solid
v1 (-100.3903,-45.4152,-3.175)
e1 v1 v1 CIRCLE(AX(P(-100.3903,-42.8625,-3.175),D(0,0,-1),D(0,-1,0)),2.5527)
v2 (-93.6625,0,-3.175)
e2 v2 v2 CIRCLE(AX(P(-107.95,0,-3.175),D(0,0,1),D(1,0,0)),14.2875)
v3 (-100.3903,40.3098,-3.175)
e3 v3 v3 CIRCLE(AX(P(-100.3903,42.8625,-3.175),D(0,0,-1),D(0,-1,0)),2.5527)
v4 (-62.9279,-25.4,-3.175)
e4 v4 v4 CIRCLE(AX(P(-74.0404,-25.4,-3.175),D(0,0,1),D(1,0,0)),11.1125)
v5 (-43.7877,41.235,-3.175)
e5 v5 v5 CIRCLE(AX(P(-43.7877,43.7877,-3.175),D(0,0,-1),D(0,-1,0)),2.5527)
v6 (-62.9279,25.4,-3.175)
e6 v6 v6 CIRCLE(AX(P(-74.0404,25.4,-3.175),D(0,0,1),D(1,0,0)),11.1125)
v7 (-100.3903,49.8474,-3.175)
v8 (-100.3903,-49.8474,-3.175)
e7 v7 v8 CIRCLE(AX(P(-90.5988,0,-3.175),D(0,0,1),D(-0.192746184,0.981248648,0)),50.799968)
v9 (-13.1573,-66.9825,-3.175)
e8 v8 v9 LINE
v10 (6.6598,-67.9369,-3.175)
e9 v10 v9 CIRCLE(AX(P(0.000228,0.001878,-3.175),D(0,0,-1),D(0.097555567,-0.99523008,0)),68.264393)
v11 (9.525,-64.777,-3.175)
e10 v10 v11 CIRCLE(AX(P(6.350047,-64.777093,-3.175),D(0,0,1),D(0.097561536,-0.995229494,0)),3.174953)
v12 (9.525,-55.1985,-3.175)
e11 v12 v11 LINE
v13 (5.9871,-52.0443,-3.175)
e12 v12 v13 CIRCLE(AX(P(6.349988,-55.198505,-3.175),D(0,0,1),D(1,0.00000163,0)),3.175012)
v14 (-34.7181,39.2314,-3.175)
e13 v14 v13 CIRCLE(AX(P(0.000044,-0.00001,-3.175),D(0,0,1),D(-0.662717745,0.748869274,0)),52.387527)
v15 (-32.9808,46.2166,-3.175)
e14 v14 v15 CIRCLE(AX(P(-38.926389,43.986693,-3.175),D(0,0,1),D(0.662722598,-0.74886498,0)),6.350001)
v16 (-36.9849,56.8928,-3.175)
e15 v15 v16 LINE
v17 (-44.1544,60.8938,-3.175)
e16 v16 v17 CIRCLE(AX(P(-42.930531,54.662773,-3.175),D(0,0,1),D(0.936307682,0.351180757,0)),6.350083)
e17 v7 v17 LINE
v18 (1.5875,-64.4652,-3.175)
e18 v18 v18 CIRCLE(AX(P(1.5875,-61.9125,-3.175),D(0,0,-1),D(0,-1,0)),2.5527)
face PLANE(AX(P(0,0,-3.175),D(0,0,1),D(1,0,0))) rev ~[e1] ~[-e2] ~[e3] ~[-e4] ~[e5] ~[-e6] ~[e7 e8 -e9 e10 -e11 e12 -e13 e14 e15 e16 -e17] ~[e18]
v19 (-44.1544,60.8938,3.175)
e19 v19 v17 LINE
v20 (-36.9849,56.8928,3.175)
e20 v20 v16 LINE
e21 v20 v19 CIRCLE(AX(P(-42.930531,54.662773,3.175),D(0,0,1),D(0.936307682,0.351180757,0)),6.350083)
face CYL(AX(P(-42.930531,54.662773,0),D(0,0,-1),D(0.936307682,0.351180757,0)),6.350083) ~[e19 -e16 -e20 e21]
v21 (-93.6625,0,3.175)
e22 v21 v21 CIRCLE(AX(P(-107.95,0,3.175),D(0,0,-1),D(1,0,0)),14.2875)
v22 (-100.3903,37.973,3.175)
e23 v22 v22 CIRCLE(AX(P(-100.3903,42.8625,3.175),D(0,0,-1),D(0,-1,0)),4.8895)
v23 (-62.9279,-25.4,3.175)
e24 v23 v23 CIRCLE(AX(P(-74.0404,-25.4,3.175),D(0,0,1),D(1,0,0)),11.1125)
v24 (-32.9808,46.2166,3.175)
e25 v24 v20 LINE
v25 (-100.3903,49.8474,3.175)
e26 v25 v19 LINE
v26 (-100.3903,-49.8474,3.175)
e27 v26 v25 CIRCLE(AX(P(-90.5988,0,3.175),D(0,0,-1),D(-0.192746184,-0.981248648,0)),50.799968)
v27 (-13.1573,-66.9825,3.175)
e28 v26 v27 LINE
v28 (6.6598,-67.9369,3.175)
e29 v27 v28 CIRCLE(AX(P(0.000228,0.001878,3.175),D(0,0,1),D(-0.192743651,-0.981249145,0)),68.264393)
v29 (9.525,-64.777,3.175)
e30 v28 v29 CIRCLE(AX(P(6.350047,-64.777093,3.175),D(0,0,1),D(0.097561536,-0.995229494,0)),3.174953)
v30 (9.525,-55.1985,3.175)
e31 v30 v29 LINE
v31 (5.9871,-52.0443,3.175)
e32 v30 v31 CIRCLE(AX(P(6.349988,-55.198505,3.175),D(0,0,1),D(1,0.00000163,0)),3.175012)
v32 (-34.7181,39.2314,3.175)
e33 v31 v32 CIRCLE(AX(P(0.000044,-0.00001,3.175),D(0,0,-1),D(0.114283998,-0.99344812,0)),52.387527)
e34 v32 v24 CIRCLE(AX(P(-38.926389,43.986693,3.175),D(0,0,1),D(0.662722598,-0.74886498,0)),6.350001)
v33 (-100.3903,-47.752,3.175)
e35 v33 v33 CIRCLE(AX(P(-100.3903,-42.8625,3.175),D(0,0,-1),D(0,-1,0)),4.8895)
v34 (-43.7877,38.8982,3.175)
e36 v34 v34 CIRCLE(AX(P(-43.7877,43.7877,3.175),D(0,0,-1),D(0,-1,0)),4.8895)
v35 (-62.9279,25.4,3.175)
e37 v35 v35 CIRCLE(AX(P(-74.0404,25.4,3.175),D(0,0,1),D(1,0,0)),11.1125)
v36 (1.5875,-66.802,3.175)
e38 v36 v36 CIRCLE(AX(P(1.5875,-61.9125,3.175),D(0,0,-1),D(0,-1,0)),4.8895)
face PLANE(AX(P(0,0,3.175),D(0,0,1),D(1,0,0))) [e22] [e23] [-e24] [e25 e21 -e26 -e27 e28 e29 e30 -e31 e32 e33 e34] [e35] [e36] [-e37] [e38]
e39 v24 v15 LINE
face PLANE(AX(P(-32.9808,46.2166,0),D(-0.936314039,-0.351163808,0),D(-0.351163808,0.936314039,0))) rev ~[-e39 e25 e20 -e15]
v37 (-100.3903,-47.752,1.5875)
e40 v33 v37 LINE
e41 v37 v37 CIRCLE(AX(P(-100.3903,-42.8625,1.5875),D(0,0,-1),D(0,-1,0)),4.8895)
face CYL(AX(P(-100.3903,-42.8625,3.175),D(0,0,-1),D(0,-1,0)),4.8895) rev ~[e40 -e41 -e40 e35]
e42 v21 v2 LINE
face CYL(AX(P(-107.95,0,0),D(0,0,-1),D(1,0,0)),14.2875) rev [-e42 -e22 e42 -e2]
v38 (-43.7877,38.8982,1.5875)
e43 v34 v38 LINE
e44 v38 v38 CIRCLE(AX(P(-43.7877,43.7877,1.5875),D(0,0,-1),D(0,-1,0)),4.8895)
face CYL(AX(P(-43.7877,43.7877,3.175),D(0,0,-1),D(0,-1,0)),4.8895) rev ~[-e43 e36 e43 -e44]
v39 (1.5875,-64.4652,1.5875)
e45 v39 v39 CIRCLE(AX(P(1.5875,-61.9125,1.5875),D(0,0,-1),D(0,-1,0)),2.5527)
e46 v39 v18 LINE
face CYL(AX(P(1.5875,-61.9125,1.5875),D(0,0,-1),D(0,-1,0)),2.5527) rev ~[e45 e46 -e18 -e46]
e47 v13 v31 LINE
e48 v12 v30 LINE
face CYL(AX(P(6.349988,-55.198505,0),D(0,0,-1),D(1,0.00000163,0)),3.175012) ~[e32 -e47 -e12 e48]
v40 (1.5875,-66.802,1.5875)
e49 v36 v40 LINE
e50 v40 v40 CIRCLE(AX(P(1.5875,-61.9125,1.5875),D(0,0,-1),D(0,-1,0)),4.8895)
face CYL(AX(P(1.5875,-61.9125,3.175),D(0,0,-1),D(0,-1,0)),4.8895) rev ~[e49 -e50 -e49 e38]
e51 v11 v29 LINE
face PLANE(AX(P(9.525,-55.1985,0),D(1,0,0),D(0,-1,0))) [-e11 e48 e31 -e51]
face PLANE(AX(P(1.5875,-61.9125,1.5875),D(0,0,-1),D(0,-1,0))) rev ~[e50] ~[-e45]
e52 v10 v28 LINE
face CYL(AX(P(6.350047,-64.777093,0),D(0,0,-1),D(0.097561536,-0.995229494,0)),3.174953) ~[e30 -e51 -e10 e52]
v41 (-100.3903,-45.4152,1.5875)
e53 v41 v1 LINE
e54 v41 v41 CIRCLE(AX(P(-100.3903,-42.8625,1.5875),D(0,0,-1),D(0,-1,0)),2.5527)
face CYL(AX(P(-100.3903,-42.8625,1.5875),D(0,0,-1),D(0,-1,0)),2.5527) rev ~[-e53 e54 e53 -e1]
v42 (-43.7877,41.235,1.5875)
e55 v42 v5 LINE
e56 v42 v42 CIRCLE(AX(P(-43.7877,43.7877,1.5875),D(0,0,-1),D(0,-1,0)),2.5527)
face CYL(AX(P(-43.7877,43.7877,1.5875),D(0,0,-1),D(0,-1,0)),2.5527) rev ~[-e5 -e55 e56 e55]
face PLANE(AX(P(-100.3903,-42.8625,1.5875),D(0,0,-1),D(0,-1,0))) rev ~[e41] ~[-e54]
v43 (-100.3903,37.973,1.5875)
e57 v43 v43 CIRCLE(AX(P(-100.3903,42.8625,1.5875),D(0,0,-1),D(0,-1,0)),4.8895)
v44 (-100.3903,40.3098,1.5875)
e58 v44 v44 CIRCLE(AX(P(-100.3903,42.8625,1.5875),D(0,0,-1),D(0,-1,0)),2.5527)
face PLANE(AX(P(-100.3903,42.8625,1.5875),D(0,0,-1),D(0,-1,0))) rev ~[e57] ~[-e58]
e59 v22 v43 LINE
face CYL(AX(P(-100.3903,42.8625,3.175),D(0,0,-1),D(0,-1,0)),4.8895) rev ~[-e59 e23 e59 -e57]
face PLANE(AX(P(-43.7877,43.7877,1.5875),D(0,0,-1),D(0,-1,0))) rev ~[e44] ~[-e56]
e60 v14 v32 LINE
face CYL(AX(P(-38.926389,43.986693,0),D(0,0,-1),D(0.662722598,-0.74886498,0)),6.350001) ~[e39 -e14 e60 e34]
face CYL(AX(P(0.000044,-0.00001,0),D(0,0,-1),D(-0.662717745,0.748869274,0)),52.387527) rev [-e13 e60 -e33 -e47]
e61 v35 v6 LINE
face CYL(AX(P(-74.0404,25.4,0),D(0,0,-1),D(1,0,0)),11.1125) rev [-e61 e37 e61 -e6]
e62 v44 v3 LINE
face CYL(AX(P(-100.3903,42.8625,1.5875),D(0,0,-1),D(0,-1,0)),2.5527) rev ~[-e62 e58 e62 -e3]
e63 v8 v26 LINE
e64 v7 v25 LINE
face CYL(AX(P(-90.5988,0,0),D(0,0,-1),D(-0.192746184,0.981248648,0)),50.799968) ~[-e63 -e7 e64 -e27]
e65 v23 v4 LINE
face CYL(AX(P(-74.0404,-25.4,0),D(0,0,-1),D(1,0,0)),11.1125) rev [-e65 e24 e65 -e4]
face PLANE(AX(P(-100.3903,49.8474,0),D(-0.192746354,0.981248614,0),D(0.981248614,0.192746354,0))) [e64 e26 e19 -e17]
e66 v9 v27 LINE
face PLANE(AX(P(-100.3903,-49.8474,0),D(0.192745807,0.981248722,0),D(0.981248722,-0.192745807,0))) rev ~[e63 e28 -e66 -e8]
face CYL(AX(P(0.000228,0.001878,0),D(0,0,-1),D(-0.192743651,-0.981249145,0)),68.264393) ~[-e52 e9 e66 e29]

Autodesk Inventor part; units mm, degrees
ref_plane "YZ Plane" through (0, 0, 0) normal (1, 0, 0) x (0, 1, 0)
ref_plane "XZ Plane" through (0, 0, 0) normal (0, 1, 0) x (-1, 0, 0)
ref_plane "XY Plane" through (0, 0, 0) normal (0, 0, 1) x (1, 0, 0)
sketch "Sketch1" plane through (0, 0, 0) normal (0, 0, 1) x (1, 0, 0)
  circle A0 centre (0, 0) radius 50.8 construction
  arc A1 (-100.3903, 49.8474) -> (-100.3903, -49.8474) centre (-90.5988, 0) ccw
  line L0 (-100.3903, 49.8474) -> (-44.1544, 60.8938)
  line L1 (-100.3903, -49.8474) -> (-13.1573, -66.9825)
  circle A2 centre (-74.0404, 25.4) radius 11.1125
  circle A3 centre (-74.0404, -25.4) radius 11.1125
  line L2 (-179.8386, 0) -> (89.2398, 0) projected
  line L3 (0, -95.9117) -> (0, 94.8458) projected
  line L4 (9.525, -55.1985) -> (9.525, -64.777)
  arc A4 (-13.1573, -66.9825) -> (6.6598, -67.9369) centre (0, 0) ccw
  arc A5 (-34.7181, 39.2314) -> (5.9871, -52.0443) centre (0, 0) ccw
  arc A6 (9.525, -55.1985) -> (5.9871, -52.0443) centre (6.35, -55.1985) ccw
  arc A7 (6.6598, -67.9369) -> (9.525, -64.777) centre (6.35, -64.777) ccw
  circle A8 centre (-107.95, 0) radius 14.2875
  line L5 (-107.95, -14.2875) -> (-107.95, 14.2875) construction
  line L6 (0, 0) -> (-43.7877, 43.7877) construction
  line L7 (-32.9808, 46.2166) -> (-36.9849, 56.8928)
  arc A9 (-36.9849, 56.8928) -> (-44.1544, 60.8938) centre (-42.9305, 54.6628) ccw
  arc A10 (-34.7181, 39.2314) -> (-32.9808, 46.2166) centre (-38.9264, 43.9867) ccw
  point P0 (-38.8745, 61.9309)
  point P1 (9.525, 51.5143)
  point P2 (9.525, 67.5947)
  point P3 (9.525, -51.5143)
  point P4 (9.525, -67.5947)
  point P5 (0, 52.3875)
  point P6 (-31.3803, 41.9491)
  dimension "d0" = 101.6
  dimension "d9" = 22.225
  dimension "d13" = 1.5875
  dimension "d16" = 15.875
  dimension "d28" = 50.8
  dimension "d38" = 28.575
  dimension "d39" = 107.95
  dimension "d40" = 45
  dimension "d41" = 61.9252
  dimension "d51" = 6.35
extrude "Extrusion1" add sketch "Sketch1" along normal mid plane 6.35 contours L0 A9 L7 A10 A5 L2 A8 A1 | L2 A8 A5 L3 A4 L1 A1 | L3 A5 A6 L4 A7 A4
sketch "Sketch2" plane through (0, 0, 3.175) normal (0, 0, 1) x (1, 0, 0)
  line L0 (-171.5836, 0) -> (39.7098, 0) projected
  line L1 (0, -94.2975) -> (0, 87.9475) projected
  point P0 (1.5875, 61.9125)
  point P1 (1.5875, -61.9125)
  dimension "d19" = 1.5875
  dimension "d20" = 61.9125
hole "Hole1" at (1.5875, 61.9125, 3.175) at (1.5875, -61.9125, 3.175) direction (0, 0, -1) diameter 5.1054 end through all counterbore diameter 9.779 counterbore depth 1.5875 clearance for "Flat Head Machine Screw (82)" size "#10" standard "Ansi Unified Screw Threads"
sketch "Sketch3" plane through (0, 0, 3.175) normal (0, 0, 1) x (1, 0, 0)
  line L0 (9.525, 64.777) -> (9.525, 55.1985) projected
  line L1 (-100.3903, -49.8474) -> (-100.3903, 49.8474) construction
  line L2 (-171.5836, 0) -> (39.7098, 0) projected
  line L3 (0, -94.8704) -> (0, 91.3849) projected
  point P0 (-100.3903, 42.8625)
  point P1 (-100.3903, -42.8625)
  dimension "d29" = 42.8625
hole "Hole2" at (-100.3903, 42.8625, 3.175) at (-100.3903, -42.8625, 3.175) direction (0, 0, -1) diameter 5.1054 end through all counterbore diameter 9.779 counterbore depth 1.5875 clearance for "Flat Head Machine Screw (82)" size "#10" standard "Ansi Unified Screw Threads"
sketch "Sketch4" plane through (0, 0, 3.175) normal (0, 0, 1) x (1, 0, 0)
  arc A0 (-34.7181, 39.2314) -> (5.9871, -52.0443) centre (0, 0) ccw projected
  line L0 (0, 0) -> (-43.7877, 43.7877) construction
  line L1 (-171.5836, 0) -> (39.7098, 0) projected
  line L2 (0, -94.1176) -> (0, 86.8679) projected
  point P0 (5.9871, 52.0443)
  dimension "d42" = 61.9252
  dimension "d43" = 45
hole "Hole3" at (-43.7877, 43.7877, 3.175) direction (0, 0, -1) diameter 5.1054 end through all counterbore diameter 9.779 counterbore depth 1.5875 clearance for "Flat Head Machine Screw (82)" size "#10" standard "Ansi Unified Screw Threads"
properties part number "connected plate"
